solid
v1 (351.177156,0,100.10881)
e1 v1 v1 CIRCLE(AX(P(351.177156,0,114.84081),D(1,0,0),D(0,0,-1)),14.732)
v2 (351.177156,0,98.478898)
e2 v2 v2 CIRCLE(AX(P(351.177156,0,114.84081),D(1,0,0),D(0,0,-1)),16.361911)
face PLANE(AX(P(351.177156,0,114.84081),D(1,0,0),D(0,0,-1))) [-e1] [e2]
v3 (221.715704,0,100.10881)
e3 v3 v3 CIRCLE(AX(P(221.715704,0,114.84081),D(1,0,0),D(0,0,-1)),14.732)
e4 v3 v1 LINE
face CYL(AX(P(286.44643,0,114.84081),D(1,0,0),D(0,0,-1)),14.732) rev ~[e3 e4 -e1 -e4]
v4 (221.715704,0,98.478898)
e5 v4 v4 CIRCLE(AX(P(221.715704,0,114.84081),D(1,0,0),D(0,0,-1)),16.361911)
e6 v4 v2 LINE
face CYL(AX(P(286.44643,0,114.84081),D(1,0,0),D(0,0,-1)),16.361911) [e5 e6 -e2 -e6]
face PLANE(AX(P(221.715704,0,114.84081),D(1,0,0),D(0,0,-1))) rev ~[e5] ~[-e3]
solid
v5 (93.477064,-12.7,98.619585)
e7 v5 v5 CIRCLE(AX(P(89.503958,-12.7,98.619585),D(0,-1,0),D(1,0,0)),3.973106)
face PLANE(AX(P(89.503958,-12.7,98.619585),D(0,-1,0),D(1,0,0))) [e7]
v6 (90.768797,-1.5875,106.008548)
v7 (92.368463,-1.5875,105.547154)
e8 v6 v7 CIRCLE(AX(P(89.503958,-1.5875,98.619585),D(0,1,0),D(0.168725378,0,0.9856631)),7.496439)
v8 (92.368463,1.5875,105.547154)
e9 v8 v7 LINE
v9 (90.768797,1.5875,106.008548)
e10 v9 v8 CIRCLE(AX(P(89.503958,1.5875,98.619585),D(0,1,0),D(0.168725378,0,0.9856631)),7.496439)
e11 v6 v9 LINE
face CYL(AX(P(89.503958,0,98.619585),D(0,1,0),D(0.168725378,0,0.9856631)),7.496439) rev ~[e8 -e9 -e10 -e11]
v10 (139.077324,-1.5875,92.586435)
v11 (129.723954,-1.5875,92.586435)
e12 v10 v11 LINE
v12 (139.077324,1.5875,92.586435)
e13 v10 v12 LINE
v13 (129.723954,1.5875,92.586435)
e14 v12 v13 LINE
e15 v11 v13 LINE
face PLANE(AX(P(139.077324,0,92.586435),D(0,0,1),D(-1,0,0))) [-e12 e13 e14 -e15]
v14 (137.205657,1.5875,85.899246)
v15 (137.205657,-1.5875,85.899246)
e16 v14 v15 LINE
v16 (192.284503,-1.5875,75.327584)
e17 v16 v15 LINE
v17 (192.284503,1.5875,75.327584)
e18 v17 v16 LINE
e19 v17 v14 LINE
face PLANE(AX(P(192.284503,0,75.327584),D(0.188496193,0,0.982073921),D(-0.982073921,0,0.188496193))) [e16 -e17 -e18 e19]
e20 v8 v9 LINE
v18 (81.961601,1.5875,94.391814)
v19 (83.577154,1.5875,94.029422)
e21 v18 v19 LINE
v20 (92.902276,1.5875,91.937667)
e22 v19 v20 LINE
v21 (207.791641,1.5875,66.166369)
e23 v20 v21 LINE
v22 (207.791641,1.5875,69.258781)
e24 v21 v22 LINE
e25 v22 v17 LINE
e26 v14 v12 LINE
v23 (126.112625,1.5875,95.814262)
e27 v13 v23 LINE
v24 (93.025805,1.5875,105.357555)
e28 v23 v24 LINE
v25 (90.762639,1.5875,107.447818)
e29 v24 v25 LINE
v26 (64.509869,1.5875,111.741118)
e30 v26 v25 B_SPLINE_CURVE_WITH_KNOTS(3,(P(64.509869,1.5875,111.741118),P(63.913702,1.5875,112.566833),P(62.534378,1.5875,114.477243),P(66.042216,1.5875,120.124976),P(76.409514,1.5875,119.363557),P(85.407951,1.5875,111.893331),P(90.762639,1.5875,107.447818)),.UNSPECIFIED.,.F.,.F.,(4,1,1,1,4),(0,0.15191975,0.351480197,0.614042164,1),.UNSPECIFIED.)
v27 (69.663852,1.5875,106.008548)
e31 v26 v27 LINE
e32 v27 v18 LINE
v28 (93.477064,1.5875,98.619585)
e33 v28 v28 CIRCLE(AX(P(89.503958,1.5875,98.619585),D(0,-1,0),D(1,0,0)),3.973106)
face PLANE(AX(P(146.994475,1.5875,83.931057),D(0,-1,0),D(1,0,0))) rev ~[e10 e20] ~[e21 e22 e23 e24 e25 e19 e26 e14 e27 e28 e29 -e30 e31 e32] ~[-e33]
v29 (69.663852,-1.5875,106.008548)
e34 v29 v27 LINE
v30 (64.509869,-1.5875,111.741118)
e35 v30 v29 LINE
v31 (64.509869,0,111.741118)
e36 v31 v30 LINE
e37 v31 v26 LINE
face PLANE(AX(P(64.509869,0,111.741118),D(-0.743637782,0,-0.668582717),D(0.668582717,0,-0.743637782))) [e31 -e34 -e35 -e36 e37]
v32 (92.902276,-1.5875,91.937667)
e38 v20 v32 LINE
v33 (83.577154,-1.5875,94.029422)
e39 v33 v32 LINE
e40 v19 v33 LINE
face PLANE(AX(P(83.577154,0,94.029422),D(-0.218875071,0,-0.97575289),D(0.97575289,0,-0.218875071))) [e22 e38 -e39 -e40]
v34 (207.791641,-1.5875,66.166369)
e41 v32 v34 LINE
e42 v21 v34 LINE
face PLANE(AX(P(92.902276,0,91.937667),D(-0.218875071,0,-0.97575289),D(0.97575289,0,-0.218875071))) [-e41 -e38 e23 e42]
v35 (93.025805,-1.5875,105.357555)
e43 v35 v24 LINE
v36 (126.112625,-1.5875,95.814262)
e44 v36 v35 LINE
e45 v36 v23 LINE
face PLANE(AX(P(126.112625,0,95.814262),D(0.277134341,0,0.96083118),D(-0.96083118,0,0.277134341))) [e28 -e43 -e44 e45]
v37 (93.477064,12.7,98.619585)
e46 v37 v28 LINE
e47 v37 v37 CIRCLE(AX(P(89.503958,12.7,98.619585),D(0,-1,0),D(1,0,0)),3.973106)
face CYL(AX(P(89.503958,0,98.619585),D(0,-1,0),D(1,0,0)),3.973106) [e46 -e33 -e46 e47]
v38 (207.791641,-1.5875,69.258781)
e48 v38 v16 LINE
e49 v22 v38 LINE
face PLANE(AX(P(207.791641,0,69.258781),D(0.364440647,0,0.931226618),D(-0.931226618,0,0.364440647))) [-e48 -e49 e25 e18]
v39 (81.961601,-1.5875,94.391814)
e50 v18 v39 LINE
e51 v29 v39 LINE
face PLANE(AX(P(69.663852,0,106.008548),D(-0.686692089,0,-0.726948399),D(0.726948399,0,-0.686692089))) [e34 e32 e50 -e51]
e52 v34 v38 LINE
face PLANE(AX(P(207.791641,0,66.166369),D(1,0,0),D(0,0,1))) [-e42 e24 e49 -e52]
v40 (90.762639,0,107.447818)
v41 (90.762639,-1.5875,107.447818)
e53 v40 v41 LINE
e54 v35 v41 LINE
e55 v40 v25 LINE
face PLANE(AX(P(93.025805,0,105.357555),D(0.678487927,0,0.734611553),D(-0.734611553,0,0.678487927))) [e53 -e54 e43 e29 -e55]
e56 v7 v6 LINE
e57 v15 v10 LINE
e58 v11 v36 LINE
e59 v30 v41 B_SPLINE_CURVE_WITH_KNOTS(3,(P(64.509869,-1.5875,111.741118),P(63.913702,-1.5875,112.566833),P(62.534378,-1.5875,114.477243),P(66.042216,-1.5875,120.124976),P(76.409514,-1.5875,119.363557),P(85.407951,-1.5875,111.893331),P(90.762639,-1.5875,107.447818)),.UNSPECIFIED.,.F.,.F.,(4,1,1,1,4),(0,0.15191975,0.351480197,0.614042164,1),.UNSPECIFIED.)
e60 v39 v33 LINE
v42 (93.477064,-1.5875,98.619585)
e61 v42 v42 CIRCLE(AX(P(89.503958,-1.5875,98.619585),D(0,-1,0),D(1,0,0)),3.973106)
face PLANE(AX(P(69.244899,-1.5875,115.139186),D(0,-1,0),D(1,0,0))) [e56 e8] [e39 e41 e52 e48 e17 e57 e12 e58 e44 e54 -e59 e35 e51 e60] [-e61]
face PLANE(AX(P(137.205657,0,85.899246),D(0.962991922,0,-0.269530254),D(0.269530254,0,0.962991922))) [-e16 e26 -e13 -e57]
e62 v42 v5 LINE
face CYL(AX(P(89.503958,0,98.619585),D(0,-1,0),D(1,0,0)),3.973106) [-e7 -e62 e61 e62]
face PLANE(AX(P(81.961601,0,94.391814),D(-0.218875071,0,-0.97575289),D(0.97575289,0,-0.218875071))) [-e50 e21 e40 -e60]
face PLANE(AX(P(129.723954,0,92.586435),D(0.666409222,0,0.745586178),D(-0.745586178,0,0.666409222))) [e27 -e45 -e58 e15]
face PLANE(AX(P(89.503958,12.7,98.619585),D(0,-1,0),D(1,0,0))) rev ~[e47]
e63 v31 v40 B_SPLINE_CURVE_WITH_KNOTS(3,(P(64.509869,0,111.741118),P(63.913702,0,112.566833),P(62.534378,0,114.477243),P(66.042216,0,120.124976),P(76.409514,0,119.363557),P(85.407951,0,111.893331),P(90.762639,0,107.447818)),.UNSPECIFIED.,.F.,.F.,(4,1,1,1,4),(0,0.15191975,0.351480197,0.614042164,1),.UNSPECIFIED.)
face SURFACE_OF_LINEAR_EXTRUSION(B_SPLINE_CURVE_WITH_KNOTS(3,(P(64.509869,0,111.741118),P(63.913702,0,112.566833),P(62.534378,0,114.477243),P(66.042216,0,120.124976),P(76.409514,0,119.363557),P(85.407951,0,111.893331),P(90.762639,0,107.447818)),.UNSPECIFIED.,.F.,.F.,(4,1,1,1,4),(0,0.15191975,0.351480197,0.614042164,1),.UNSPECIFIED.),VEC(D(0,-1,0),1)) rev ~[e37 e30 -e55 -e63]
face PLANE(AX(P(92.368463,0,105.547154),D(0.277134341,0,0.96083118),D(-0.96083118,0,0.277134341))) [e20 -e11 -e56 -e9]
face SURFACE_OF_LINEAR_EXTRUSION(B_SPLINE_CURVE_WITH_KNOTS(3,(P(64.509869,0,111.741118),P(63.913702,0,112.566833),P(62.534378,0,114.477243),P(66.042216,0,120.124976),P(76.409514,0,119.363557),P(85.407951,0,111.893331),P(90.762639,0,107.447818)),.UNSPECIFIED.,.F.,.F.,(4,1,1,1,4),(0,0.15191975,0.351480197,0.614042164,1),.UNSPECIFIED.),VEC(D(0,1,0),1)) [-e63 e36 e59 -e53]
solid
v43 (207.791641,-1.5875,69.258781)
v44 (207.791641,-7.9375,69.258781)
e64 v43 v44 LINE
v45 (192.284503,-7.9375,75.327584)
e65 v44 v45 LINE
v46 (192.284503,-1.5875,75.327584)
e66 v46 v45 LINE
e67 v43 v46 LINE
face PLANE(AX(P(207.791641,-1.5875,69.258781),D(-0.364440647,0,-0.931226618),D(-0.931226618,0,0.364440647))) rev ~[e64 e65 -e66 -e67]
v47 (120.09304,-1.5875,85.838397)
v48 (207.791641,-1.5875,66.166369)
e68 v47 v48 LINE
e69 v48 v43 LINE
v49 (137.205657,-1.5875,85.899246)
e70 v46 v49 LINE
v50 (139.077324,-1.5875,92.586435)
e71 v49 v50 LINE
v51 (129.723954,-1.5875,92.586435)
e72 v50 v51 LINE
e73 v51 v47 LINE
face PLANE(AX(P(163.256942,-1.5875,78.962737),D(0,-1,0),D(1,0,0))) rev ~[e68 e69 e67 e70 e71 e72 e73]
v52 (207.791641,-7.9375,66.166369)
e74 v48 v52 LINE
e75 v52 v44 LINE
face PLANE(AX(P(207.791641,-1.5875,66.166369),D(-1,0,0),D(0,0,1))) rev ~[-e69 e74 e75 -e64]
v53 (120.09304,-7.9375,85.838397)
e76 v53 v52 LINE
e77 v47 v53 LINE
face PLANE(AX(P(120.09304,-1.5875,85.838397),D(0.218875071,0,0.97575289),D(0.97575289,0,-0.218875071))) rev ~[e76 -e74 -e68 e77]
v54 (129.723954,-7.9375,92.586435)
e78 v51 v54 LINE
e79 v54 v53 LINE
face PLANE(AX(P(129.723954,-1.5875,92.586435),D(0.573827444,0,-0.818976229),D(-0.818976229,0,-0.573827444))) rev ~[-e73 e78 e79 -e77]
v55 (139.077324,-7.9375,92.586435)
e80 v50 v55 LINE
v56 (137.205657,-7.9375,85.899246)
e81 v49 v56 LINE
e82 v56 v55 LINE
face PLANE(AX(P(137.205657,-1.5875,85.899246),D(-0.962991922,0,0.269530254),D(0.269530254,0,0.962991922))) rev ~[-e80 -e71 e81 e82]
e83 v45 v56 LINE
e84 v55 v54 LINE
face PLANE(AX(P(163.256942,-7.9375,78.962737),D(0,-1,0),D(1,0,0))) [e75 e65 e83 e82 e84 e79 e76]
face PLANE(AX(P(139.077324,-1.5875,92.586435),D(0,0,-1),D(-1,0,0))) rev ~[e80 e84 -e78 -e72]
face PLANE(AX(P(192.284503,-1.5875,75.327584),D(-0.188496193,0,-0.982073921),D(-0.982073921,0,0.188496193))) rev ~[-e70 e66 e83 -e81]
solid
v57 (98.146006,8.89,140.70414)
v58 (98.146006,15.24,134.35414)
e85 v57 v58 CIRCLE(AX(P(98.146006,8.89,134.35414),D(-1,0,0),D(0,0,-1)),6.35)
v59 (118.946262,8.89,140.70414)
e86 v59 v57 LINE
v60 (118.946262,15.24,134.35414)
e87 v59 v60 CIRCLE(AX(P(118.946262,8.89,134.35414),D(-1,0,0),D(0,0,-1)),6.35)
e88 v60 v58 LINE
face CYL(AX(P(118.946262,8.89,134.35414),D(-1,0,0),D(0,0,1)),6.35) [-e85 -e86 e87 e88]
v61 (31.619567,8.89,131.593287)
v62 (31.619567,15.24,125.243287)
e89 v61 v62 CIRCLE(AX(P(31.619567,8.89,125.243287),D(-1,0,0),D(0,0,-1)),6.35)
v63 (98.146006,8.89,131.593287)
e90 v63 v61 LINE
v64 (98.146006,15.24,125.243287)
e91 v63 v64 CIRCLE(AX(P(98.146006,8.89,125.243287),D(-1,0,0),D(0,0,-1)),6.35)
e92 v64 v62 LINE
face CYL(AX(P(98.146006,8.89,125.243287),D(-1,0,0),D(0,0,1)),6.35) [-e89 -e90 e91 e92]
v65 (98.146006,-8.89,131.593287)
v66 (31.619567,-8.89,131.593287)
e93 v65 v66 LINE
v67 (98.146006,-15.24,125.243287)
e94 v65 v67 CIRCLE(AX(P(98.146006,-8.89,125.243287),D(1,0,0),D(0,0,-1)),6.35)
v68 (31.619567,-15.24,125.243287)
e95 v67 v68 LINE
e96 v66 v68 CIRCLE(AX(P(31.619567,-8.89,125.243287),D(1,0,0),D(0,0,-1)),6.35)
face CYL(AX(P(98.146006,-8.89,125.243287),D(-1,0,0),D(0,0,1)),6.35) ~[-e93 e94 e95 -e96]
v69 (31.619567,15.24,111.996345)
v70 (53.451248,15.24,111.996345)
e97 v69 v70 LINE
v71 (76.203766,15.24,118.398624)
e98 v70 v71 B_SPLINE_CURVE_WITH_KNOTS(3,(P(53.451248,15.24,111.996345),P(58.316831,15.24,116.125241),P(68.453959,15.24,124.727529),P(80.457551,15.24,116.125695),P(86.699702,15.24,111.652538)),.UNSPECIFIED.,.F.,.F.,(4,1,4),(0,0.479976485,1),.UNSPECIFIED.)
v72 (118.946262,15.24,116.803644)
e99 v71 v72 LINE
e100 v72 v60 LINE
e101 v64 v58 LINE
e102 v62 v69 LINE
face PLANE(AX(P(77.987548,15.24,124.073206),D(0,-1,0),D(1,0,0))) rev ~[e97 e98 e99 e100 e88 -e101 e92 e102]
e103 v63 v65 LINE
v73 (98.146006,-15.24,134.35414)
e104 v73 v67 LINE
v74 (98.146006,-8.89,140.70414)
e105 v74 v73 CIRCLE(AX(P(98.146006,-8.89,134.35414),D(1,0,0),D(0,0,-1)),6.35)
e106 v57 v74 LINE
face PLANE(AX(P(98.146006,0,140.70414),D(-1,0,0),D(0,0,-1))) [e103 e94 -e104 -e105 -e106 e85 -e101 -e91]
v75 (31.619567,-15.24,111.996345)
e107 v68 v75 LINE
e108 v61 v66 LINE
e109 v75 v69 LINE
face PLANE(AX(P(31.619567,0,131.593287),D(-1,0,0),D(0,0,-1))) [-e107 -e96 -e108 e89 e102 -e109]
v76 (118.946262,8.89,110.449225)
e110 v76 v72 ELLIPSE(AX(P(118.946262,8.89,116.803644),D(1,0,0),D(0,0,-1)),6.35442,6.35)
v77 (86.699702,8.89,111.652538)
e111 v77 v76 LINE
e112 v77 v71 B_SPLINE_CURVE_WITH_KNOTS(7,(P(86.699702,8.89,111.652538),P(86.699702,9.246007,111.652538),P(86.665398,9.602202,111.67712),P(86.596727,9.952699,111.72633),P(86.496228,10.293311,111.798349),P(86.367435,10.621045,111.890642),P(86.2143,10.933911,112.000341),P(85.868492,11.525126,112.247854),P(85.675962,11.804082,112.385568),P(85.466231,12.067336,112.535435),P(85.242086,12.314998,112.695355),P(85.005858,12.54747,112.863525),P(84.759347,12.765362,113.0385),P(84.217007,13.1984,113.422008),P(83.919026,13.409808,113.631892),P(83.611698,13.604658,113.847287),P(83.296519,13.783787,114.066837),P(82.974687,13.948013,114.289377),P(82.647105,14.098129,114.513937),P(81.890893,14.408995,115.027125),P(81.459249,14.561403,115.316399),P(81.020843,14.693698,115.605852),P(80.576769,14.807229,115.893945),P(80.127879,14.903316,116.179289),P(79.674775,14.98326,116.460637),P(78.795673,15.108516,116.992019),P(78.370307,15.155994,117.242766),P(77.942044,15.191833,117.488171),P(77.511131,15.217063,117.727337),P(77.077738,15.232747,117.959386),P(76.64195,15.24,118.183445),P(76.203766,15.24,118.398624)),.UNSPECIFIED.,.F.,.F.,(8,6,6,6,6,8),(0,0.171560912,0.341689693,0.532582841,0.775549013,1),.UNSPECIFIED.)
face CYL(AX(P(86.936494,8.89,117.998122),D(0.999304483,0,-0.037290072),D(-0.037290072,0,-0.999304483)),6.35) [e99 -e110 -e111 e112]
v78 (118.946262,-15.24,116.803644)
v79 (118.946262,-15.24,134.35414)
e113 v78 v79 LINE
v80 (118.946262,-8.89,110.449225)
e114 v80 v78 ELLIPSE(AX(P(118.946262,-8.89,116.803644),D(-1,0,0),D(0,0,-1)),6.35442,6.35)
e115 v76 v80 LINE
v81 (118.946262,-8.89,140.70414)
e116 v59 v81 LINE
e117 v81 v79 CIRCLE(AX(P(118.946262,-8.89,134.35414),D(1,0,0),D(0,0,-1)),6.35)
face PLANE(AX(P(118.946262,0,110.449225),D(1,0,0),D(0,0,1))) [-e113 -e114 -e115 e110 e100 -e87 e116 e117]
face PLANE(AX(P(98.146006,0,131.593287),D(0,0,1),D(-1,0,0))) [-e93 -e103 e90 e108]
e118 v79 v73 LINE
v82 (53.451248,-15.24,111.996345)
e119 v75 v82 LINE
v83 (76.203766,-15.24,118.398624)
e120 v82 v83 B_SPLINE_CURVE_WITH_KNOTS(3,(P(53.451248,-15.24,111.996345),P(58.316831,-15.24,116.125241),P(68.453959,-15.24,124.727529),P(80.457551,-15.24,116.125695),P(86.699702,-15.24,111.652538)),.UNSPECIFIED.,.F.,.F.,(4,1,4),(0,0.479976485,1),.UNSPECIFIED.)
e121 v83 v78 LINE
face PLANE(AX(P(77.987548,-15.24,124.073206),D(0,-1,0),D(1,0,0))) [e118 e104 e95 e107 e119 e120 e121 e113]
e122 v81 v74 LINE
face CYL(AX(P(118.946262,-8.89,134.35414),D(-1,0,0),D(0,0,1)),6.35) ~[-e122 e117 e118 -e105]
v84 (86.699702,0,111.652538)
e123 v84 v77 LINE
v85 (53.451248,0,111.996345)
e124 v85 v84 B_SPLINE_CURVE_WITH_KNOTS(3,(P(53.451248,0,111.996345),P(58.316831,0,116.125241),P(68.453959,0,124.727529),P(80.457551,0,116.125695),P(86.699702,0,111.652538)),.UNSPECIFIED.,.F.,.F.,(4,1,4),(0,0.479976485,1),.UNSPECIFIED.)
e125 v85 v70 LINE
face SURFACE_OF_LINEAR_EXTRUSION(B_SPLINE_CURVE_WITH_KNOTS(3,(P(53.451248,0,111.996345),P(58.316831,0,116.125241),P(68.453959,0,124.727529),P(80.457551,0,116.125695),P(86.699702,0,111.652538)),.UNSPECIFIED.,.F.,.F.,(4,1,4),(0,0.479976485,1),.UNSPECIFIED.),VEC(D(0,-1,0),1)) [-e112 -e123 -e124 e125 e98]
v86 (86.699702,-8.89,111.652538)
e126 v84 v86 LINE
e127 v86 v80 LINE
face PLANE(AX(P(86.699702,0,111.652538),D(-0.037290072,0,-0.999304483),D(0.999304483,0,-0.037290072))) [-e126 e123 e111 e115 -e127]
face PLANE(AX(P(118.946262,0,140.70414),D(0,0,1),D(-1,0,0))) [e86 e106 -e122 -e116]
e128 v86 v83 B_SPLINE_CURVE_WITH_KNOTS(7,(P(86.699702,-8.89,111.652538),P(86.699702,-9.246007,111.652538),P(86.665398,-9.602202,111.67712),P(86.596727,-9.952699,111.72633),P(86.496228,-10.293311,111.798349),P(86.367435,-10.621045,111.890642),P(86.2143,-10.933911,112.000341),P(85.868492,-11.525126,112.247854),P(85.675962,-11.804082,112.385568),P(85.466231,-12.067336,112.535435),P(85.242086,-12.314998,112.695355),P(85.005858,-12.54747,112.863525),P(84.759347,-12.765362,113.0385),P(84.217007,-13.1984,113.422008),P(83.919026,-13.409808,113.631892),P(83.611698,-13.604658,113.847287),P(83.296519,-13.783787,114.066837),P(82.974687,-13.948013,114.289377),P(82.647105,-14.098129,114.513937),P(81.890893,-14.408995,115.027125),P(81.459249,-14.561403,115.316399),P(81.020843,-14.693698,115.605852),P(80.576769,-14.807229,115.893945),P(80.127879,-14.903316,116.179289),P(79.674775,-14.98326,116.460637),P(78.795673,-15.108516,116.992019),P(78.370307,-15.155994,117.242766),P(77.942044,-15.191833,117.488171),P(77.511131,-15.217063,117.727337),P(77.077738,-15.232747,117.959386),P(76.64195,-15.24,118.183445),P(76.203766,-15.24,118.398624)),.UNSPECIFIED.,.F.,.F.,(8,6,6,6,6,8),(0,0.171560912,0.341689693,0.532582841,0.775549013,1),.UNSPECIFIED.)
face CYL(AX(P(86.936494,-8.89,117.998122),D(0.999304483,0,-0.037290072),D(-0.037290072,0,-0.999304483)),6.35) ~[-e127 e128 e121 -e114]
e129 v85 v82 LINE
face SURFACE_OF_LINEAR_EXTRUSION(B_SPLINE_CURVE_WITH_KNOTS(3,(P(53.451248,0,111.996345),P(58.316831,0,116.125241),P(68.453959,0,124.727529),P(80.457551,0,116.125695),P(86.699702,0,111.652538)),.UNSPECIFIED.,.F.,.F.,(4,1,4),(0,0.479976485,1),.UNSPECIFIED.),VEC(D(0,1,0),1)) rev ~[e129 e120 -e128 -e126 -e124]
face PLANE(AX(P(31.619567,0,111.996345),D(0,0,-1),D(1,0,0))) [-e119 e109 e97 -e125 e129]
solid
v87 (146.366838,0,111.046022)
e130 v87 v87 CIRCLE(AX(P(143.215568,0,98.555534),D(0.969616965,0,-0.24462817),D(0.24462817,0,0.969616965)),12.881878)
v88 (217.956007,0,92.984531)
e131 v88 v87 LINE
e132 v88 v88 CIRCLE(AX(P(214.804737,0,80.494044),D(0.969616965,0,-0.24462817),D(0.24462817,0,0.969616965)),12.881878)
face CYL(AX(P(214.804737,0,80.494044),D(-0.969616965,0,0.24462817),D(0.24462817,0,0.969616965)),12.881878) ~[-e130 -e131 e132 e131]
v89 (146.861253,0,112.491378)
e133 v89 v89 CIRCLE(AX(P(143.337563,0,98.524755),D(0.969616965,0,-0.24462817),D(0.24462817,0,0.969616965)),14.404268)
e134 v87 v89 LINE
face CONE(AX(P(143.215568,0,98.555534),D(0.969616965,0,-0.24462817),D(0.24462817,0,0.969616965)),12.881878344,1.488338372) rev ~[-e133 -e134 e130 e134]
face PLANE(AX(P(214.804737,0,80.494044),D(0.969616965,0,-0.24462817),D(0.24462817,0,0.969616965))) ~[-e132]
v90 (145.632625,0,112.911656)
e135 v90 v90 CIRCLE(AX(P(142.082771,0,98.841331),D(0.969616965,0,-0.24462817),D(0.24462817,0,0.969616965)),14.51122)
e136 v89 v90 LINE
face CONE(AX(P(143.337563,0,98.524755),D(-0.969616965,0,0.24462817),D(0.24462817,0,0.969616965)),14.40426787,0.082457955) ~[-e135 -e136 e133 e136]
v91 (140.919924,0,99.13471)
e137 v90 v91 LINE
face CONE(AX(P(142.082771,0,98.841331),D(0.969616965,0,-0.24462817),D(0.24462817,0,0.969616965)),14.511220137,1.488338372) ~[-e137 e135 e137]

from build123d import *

# Parameters (mm, degrees)
F1_DEPTH = 15.24
F0_R     = 3.9731060398
F0_R_2   = 3.0736063734
F2_DEPTH = 1.5875
F3_DEPTH = 12.7
F4_DEPTH = 1.5875
F5_R     = 6.35
F7_DEPTH = 6.35
F0_W     = 129.4614523649
F0_H     = 1.6299113631


with BuildPart() as f1:
    # F0 (on Front) → F1 (new body, symmetric)
    with BuildSketch(Plane.XZ):
        with BuildLine():
            Line((86.6997018456, 111.6525381804), (118.946261704, 110.4492247105))
            Line((118.946261704, 110.4492247105), (118.946261704, 140.7041400671))
            Line((118.946261704, 140.7041400671), (98.146006465, 140.7041400671))
            Line((98.146006465, 140.7041400671), (98.146006465, 131.5932869911))
            Line((98.146006465, 131.5932869911), (61.9845092297, 131.5932869911))
            Line((61.9845092297, 131.5932869911), (31.6195674241, 131.5932869911))
            Line((31.6195674241, 131.5932869911), (31.6195674241, 111.996345222))
            Line((31.6195674241, 111.996345222), (53.4512475133, 111.996345222))
            add(Edge.make_bspline(
                [(53.4512475133, 111.996345222), (58.3168306673, 116.1252412176), (68.453958846, 124.7275292928), (80.4575514371, 116.1256945279), (86.6997018456, 111.6525381804)],
                knots=[0, 0, 0, 0, 0.4799764853, 1, 1, 1, 1], degree=3))
        make_face()
    extrude(amount=F1_DEPTH, both=True)

    # F5
    f5_edges = [f1.edges().sort_by_distance(p)[0] for p in [
        (108.546134, -15.24, 140.70414),
        (108.546134, 15.24, 140.70414),
        (64.882787, -15.24, 131.593287),
        (64.882787, 15.24, 131.593287),
        (102.822982, -15.24, 111.050881),
        (102.822982, 15.24, 111.050881),
    ]]
    fillet(f5_edges, radius=F5_R)


with BuildPart() as f2:
    # F0 (on Front) → F2 (new body, symmetric)
    with BuildSketch(Plane.XZ):
        with BuildLine():
            Line((93.0258051353, 105.357555367), (92.3684626431, 105.5471538964))
            ThreePointArc((92.3684626431, 105.5471538964), (96.9946369471, 98.9133964686), (92.9022758123, 91.9376666398))
            Line((92.9022758123, 91.9376666398), (207.791640524, 66.1663692981))
            Line((207.791640524, 66.1663692981), (207.791640524, 69.2587812037))
            Line((207.791640524, 69.2587812037), (192.2845032771, 75.3275844649))
            Line((192.2845032771, 75.3275844649), (137.2056572242, 85.8992456725))
            Line((137.2056572242, 85.8992456725), (139.0773238139, 92.5864348974))
            Line((139.0773238139, 92.5864348974), (129.7239542488, 92.5864348974))
            Line((129.7239542488, 92.5864348974), (126.1126250029, 95.8142617838))
            Line((126.1126250029, 95.8142617838), (93.0258051353, 105.357555367))
        make_face()
        with BuildLine():
            Line((92.3684626431, 105.5471538964), (90.7687973852, 106.0085483505))
            ThreePointArc((90.7687973852, 106.0085483505), (89.5039578812, 106.116024046), (88.2391183773, 106.0085483505))
            ThreePointArc((88.2391183773, 106.0085483505), (82.5179147523, 101.3383714123), (83.5771539377, 94.0294223839))
            Line((83.5771539377, 94.0294223839), (92.9022758123, 91.9376666398))
            ThreePointArc((92.9022758123, 91.9376666398), (96.9946369471, 98.9133964686), (92.3684626431, 105.5471538964))
        make_face()
        with Locations((89.5039578812, 98.6195850225)):
            Circle(F0_R, mode=Mode.SUBTRACT)
        with BuildLine():
            ThreePointArc((83.5771539377, 94.0294223839), (82.5179147523, 101.3383714123), (88.2391183773, 106.0085483505))
            Line((88.2391183773, 106.0085483505), (69.6638524261, 106.0085483505))
            Line((69.6638524261, 106.0085483505), (81.9616011421, 94.3918135554))
            Line((81.9616011421, 94.3918135554), (83.5771539377, 94.0294223839))
        make_face()
        with BuildLine():
            ThreePointArc((88.2391183773, 106.0085483505), (89.5039578812, 106.116024046), (90.7687973852, 106.0085483505))
            ThreePointArc((90.7687973852, 106.0085483505), (91.5814785736, 105.8223973764), (92.3684626431, 105.5471538964))
            Line((92.3684626431, 105.5471538964), (93.0258051353, 105.357555367))
            Line((93.0258051353, 105.357555367), (90.7626391127, 107.4478176521))
            add(Edge.make_bspline(
                [(64.5098686218, 111.7411181331), (63.9137016058, 112.5668330608), (62.5343781835, 114.4772433317), (66.0422163293, 120.1249758602), (76.4095139275, 119.3635573559), (85.4079513498, 111.8933308188), (90.7626391127, 107.4478176521)],
                knots=[0, 0, 0, 0, 0.1519197497, 0.3514801969, 0.6140421636, 1, 1, 1, 1], degree=3))
            Line((64.5098686218, 111.7411181331), (69.6638524261, 106.0085483505))
            Line((69.6638524261, 106.0085483505), (88.2391183773, 106.0085483505))
        make_face()
        with Locations((69.2448988557, 115.1391863823)):
            Circle(F0_R_2, mode=Mode.SUBTRACT)
    extrude(amount=F2_DEPTH, both=True)

    # F0 (on Front) → F3 (join, symmetric)
    with BuildSketch(Plane.XZ):
        with Locations((89.5039578812, 98.6195850225)):
            Circle(F0_R)
    extrude(amount=F3_DEPTH, both=True)

    # F0 (on Front) → F4 (join, symmetric)
    with BuildSketch(Plane.XZ):
        with Locations((69.2448988557, 115.1391863823)):
            Circle(F0_R_2)
    extrude(amount=F4_DEPTH, both=True)


with BuildPart() as f7:
    # F6 (on face) → F7 (new body)
    with BuildSketch(Plane.XZ.offset(1.5875)):
        Polygon((139.0773238139, 92.5864348974), (129.7239542488, 92.5864348974), (120.093039846, 85.8383965584), (207.791640524, 66.1663692981), (207.791640524, 69.2587812037), (192.2845032771, 75.3275844649), (137.2056572242, 85.8992456725), align=None)
    extrude(amount=F7_DEPTH)


with BuildPart() as f8:
    # F0 (on Front) → F8 (revolve)
    with BuildSketch(Plane.XZ):
        Polygon((145.6326246262, 112.9116564989), (140.9199244391, 99.1347101404), (214.8047371471, 80.4940435456), (217.9560074791, 92.9845313235), (146.3668381612, 111.0460217455), (146.8612531956, 112.4913777275), align=None)
    revolve(axis=Axis((177.8623307931, 0, 89.814376843), (0.9696169647, 0, -0.2446281705)))


with BuildPart() as f9:
    # F0 (on Front) → F9 (revolve)
    with BuildSketch(Plane.XZ):
        with Locations((286.4464297891, 99.2938540876)):
            Rectangle(F0_W, F0_H)
    revolve(axis=Axis((229.2831465602, 0, 114.8408097692), (1, 0, 0)))


solid = Compound([f1.part, f2.part, f7.part, f8.part, f9.part])
